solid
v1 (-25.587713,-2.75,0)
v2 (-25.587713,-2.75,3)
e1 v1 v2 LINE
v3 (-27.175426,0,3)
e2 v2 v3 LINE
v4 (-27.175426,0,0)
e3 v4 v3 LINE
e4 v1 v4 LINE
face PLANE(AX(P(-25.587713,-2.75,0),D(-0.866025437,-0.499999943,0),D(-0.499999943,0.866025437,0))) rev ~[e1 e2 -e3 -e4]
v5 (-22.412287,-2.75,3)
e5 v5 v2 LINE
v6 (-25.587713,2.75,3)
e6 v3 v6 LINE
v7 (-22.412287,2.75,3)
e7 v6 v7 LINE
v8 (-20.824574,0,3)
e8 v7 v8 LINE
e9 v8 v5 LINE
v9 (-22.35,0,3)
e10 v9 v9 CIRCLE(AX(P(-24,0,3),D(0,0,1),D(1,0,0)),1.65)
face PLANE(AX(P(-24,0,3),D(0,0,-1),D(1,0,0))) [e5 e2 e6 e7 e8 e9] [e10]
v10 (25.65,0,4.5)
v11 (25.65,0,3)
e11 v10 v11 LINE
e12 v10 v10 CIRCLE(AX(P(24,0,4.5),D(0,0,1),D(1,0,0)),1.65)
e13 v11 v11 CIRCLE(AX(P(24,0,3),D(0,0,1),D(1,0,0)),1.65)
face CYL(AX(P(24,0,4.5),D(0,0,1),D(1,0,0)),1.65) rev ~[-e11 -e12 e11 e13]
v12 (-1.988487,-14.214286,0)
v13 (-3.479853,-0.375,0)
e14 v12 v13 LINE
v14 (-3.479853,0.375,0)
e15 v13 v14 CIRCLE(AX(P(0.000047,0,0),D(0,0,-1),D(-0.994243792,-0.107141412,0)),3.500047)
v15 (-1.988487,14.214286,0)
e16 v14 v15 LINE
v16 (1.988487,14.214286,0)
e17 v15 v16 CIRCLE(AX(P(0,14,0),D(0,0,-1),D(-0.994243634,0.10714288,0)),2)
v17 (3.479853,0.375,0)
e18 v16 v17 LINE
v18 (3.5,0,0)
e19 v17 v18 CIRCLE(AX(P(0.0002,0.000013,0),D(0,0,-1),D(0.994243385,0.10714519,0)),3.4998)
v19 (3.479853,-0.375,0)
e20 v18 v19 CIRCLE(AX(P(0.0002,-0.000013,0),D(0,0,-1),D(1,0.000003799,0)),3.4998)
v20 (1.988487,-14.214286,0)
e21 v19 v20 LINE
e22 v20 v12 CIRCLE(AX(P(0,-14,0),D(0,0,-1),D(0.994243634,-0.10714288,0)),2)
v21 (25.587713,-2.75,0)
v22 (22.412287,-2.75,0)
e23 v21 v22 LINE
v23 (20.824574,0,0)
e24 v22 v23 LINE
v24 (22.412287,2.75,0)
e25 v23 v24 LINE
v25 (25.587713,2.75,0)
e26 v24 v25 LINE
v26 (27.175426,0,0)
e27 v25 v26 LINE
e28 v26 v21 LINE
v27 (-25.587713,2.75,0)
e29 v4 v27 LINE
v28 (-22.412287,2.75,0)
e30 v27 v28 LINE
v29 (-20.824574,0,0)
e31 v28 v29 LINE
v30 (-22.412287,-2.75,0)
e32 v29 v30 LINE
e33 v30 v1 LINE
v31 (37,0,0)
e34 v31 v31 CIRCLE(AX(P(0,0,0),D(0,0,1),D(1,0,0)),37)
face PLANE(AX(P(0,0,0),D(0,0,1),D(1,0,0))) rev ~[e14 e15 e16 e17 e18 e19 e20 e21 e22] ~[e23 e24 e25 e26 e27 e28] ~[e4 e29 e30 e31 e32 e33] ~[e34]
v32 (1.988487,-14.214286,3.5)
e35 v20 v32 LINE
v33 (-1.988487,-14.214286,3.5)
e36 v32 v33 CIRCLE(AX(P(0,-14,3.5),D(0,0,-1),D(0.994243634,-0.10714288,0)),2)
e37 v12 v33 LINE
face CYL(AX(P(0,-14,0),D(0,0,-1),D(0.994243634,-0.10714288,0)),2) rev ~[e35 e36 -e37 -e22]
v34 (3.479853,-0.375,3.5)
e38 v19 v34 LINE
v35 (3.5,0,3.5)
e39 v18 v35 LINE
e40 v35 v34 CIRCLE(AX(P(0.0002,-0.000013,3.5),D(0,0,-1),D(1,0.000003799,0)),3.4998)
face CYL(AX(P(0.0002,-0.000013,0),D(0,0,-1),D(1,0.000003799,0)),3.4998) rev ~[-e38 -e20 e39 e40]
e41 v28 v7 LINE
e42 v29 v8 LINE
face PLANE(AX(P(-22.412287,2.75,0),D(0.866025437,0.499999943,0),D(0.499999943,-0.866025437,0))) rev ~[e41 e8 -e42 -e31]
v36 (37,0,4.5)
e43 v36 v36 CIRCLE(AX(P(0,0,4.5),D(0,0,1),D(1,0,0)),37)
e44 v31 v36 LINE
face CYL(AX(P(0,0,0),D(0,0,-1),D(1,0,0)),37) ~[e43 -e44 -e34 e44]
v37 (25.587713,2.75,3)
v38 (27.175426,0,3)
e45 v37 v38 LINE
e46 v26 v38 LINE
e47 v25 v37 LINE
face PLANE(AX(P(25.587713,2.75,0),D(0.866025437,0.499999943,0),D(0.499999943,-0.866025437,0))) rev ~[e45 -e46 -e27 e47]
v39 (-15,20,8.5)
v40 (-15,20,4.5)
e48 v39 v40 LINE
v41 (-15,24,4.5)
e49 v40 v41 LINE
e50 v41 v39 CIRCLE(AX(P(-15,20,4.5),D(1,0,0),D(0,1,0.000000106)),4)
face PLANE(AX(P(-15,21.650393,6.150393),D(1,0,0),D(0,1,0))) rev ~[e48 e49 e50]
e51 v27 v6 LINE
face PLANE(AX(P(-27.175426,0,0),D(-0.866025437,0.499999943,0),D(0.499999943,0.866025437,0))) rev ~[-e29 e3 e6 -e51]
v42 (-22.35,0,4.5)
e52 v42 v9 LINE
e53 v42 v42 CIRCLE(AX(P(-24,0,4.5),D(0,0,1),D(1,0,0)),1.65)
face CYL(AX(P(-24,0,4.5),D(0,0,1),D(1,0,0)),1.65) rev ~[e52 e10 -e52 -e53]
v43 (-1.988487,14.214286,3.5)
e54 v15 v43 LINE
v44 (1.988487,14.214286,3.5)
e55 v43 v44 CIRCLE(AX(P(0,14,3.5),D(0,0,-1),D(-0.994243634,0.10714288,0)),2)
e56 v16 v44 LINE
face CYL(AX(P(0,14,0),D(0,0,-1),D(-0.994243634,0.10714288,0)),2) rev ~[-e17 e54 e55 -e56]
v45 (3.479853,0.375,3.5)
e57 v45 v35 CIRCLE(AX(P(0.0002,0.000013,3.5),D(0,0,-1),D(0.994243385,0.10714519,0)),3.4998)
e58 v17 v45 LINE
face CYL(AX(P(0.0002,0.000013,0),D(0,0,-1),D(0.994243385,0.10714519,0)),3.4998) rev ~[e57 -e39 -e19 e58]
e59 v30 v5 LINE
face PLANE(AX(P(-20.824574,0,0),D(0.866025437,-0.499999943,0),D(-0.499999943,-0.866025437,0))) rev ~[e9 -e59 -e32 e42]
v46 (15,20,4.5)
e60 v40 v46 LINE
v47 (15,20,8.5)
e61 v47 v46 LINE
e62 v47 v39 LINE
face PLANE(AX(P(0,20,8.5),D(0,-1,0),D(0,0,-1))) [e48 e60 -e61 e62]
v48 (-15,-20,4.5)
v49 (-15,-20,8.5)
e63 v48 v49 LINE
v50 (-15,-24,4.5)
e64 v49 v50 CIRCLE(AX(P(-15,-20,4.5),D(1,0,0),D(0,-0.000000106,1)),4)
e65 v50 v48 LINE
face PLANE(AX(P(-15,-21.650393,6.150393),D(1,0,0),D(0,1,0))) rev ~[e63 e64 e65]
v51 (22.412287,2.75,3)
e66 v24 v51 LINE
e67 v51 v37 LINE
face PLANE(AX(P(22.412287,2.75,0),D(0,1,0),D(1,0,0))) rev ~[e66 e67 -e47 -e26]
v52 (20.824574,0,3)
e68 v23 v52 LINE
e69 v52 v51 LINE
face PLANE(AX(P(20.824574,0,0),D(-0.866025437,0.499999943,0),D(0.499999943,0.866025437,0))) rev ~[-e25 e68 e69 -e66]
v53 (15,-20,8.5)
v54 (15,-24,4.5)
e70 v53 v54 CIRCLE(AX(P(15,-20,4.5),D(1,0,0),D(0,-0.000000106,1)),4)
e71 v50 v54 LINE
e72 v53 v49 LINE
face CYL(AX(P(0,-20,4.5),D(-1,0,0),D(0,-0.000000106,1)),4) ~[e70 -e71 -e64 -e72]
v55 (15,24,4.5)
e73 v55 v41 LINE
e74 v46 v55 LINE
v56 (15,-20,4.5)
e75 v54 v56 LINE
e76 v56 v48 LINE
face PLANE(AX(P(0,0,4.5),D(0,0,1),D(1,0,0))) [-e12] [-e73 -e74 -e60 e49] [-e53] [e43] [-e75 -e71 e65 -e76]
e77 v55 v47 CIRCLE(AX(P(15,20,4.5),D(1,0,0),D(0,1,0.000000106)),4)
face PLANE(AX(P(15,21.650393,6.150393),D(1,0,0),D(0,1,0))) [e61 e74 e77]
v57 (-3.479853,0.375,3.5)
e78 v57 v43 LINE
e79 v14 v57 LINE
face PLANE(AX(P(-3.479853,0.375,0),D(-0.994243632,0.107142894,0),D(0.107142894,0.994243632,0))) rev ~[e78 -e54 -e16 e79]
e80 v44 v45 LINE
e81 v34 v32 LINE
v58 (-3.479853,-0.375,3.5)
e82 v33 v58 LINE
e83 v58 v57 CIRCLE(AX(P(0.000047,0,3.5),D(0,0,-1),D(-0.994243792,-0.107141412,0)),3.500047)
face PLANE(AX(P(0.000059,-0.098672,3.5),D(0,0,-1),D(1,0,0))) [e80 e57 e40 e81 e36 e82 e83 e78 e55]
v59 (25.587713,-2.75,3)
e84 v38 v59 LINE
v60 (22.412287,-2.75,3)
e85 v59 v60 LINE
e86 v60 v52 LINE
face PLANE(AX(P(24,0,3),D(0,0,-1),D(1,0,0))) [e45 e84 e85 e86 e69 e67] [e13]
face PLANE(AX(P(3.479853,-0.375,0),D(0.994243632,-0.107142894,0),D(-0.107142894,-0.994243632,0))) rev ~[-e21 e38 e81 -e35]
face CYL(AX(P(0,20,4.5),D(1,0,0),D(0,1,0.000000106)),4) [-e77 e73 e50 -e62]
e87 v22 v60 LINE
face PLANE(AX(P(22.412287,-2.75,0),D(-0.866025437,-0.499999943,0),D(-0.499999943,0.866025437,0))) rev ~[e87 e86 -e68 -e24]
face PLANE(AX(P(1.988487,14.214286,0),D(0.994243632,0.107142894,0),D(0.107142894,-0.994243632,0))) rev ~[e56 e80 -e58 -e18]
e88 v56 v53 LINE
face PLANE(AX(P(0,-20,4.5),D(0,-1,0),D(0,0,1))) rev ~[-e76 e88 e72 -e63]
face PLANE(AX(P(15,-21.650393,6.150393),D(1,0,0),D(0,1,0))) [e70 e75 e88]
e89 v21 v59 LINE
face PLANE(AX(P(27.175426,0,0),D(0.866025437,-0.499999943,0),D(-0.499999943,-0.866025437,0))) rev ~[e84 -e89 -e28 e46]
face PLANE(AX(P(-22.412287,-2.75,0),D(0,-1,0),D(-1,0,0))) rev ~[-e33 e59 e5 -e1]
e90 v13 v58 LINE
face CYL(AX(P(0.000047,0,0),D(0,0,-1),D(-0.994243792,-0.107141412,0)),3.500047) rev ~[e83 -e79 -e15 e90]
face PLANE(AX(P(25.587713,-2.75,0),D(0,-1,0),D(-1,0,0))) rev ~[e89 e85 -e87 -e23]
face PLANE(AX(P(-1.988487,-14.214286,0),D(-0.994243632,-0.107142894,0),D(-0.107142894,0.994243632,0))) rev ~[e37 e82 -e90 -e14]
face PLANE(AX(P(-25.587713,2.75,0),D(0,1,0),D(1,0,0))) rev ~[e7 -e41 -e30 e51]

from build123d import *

# Parameters (mm, degrees)
F0_R     = 37
F1_DEPTH = 4.5
F3_DEPTH = 3.5
F5_DEPTH = 15
F6_R     = 1.65
F7_DEPTH = 4.501
F9_DEPTH = 3


with BuildPart() as f1:
    # F0 (on Top) → F1 (new body)
    with BuildSketch(Plane.XY):
        Circle(F0_R)
    extrude(amount=F1_DEPTH)

    # F2 (on face) → F3 (cut)
    with BuildSketch(Plane(origin=(0, 0, 0), x_dir=(1, 0, 0), z_dir=(0, 0, -1))):
        with BuildLine():
            ThreePointArc((3.479853, -0.375), (3.49496, -0.18777), (3.5, 0))
            ThreePointArc((3.5, 0), (3.49496, 0.18777), (3.479853, 0.375))
            ThreePointArc((3.479853, 0.375), (2.338536, 2.604083), (0, 3.5))
            ThreePointArc((0, 3.5), (-2.338536, 2.604083), (-3.479853, 0.375))
            ThreePointArc((-3.479853, 0.375), (-3.5, 0), (-3.479853, -0.375))
            ThreePointArc((-3.479853, -0.375), (0, -3.5), (3.479853, -0.375))
        make_face()
        with BuildLine():
            ThreePointArc((0, 3.5), (2.338536, 2.604083), (3.479853, 0.375))
            Line((3.479853, 0.375), (1.988487, 14.214286))
            ThreePointArc((1.988487, 14.214286), (1.99712, 14.107297), (2, 14))
            ThreePointArc((2, 14), (1.414214, 12.585786), (0, 12))
            Line((0, 12), (0, 3.5))
        make_face()
        with BuildLine():
            Line((1.988487, -14.214286), (3.479853, -0.375))
            ThreePointArc((3.479853, -0.375), (0, -3.5), (-3.479853, -0.375))
            Line((-3.479853, -0.375), (-1.988487, -14.214286))
            ThreePointArc((-1.988487, -14.214286), (-0.107297, -12.00288), (2, -14))
            ThreePointArc((2, -14), (1.99712, -14.107297), (1.988487, -14.214286))
        make_face()
        with BuildLine():
            ThreePointArc((-3.479853, 0.375), (-2.338536, 2.604083), (0, 3.5))
            Line((0, 3.5), (0, 12))
            ThreePointArc((0, 12), (-1.488048, 12.663694), (-1.988487, 14.214286))
            Line((-1.988487, 14.214286), (-3.479853, 0.375))
        make_face()
        with BuildLine():
            ThreePointArc((2, 14), (1.99712, 14.107297), (1.988487, 14.214286))
            ThreePointArc((1.988487, 14.214286), (0, 16), (-1.988487, 14.214286))
            ThreePointArc((-1.988487, 14.214286), (-1.488048, 12.663694), (0, 12))
            ThreePointArc((0, 12), (1.414214, 12.585786), (2, 14))
        make_face()
        with BuildLine():
            ThreePointArc((-1.988487, -14.214286), (0, -16), (1.988487, -14.214286))
            ThreePointArc((1.988487, -14.214286), (1.99712, -14.107297), (2, -14))
            ThreePointArc((2, -14), (-0.107297, -12.00288), (-1.988487, -14.214286))
        make_face()
    extrude(amount=-F3_DEPTH, mode=Mode.SUBTRACT)

    # F4 (on Right) → F5 (join, symmetric)
    with BuildSketch(Plane.YZ):
        with BuildLine():
            ThreePointArc((-20, 8.5), (-22.828427, 7.328427), (-24, 4.5))
            Line((-24, 4.5), (-20, 4.5))
            Line((-20, 4.5), (-20, 8.5))
        make_face()
        with BuildLine():
            Line((20, 8.5), (20, 4.5))
            Line((20, 4.5), (24, 4.5))
            ThreePointArc((24, 4.5), (22.828427, 7.328427), (20, 8.5))
        make_face()
    extrude(amount=F5_DEPTH, both=True)

    # F6 (on face) → F7 (cut, through all)
    with BuildSketch(Plane.XY.offset(4.5)):
        with Locations((-24, 0)):
            Circle(F6_R)
        with Locations((24, 0)):
            Circle(F6_R)
    extrude(amount=-F7_DEPTH, mode=Mode.SUBTRACT)

    # F8 (on face) → F9 (cut)
    with BuildSketch(Plane(origin=(0, 0, 0), x_dir=(1, 0, 0), z_dir=(0, 0, -1))):
        Polygon((22.412287, 2.75), (20.824574, 0), (22.412287, -2.75), (25.587713, -2.75), (27.175426, 0), (25.587713, 2.75), align=None)
        Polygon((-22.412287, -2.75), (-20.824574, 0), (-22.412287, 2.75), (-25.587713, 2.75), (-27.175426, 0), (-25.587713, -2.75), align=None)
    extrude(amount=-F9_DEPTH, mode=Mode.SUBTRACT)


solid = f1.part
